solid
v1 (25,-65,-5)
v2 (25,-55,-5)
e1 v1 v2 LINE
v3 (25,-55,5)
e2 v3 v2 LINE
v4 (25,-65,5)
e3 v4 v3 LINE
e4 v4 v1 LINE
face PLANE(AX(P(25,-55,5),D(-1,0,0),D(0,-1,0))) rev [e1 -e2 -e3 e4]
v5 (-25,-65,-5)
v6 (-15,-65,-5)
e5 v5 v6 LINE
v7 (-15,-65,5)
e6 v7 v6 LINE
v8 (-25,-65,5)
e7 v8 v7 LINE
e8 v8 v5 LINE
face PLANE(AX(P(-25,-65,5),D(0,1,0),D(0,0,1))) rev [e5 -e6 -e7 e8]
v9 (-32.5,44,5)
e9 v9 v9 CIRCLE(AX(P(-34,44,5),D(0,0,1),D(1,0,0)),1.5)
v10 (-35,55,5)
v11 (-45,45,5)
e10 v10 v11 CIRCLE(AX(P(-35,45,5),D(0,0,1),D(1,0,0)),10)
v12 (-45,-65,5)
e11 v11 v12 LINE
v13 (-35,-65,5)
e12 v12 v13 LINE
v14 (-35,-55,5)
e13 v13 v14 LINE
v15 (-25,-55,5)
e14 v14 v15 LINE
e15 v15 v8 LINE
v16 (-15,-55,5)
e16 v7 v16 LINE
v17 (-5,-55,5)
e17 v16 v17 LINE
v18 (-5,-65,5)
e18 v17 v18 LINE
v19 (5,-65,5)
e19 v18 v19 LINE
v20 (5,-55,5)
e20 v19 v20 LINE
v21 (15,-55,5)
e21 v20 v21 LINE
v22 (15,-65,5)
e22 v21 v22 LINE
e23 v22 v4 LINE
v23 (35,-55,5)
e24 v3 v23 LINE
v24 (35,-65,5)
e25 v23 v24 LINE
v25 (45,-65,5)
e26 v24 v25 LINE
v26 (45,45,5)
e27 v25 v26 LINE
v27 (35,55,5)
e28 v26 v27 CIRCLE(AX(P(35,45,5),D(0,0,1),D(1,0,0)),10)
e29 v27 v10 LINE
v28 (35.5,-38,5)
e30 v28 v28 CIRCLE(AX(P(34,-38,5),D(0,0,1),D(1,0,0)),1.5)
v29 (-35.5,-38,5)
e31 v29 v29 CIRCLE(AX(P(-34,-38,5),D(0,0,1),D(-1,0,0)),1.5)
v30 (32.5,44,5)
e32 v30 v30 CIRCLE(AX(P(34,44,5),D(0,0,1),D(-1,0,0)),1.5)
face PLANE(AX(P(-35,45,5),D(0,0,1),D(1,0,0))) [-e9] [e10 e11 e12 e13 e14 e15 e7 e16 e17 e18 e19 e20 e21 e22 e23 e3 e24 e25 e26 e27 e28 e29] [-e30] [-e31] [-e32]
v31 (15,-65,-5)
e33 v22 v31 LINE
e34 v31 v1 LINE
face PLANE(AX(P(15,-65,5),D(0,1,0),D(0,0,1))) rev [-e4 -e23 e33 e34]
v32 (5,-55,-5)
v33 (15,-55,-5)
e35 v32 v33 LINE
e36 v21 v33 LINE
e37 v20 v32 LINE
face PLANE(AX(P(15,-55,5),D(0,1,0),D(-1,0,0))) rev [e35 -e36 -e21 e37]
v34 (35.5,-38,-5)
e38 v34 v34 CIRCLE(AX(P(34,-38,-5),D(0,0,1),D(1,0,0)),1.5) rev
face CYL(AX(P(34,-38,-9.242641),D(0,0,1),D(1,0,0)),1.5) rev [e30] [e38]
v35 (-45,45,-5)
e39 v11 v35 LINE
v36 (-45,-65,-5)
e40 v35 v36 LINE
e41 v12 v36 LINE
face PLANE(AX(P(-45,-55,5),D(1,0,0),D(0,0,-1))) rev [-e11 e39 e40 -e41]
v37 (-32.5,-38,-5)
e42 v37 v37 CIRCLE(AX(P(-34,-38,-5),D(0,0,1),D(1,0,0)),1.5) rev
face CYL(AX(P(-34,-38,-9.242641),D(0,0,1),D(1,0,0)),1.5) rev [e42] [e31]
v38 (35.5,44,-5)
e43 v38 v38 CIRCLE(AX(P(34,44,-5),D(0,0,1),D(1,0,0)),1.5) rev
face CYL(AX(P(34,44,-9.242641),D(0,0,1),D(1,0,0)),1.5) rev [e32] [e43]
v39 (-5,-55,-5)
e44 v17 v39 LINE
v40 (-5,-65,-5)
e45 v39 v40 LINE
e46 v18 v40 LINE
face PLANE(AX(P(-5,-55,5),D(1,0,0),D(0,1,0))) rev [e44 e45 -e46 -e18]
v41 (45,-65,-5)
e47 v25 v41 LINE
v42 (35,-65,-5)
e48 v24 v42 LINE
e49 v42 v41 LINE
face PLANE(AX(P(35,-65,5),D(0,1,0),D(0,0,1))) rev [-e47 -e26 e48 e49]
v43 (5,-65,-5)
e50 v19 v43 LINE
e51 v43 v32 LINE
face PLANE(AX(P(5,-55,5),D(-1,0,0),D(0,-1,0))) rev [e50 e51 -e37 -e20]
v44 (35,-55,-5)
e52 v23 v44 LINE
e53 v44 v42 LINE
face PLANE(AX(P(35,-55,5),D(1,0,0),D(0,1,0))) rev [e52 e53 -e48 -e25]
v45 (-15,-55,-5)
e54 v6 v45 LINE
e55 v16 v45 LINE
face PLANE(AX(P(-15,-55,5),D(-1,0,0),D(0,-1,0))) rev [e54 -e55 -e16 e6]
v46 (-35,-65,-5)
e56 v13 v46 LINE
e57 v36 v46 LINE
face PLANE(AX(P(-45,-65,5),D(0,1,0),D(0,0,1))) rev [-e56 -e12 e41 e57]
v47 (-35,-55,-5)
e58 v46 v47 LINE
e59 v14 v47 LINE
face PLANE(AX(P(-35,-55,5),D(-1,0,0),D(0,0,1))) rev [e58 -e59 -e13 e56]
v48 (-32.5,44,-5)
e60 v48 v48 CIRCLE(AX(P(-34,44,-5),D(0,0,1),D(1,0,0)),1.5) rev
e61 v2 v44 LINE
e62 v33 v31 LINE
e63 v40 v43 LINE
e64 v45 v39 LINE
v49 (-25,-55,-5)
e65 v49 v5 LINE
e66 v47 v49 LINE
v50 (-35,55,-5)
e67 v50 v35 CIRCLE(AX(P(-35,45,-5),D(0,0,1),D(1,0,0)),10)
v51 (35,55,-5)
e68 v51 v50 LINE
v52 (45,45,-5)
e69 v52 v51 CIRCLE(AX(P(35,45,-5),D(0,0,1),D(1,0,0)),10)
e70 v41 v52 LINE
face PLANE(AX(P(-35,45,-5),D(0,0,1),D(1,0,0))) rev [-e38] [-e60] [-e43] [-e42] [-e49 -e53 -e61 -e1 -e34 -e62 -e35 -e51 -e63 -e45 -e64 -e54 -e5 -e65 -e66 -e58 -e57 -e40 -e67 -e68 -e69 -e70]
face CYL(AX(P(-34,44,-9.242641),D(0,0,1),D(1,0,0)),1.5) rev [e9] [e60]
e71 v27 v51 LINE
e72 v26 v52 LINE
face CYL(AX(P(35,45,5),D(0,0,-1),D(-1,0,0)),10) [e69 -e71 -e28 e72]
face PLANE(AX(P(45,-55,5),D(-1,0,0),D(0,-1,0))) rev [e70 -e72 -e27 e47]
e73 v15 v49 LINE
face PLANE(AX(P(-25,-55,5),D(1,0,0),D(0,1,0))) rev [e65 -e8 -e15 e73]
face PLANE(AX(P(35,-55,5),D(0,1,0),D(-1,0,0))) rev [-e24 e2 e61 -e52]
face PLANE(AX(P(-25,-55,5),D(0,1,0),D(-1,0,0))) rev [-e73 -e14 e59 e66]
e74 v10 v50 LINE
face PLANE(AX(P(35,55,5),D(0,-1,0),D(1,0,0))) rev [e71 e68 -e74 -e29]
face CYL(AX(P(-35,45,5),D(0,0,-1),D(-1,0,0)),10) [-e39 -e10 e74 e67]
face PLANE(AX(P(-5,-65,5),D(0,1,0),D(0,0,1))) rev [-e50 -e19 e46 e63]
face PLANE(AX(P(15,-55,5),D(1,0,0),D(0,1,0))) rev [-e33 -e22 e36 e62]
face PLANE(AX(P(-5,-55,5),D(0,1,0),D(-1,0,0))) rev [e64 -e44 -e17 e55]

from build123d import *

# Parameters (mm, degrees)
EXTRUDE_2_DEPTH     = 5
SKETCH_3_R          = 1.5
CUT_EXTRUDE_1_DEPTH = 10


with BuildPart() as part:
    # Эскиз1 → Бобышка-Вытянуть2 (new, symmetric)
    with BuildSketch(Plane.XY):
        with BuildLine():
            Line((-15, -55), (-15, -65))
            Line((-15, -65), (-25, -65))
            Line((-25, -65), (-25, -55))
            Line((-25, -55), (-35, -55))
            Line((-35, -55), (-35, -65))
            Line((-35, -65), (-45, -65))
            Line((-45, -65), (-45, -55))
            Line((-45, -55), (-45, 45))
            ThreePointArc((-45, 45), (-42.071067812, 52.071067812), (-35, 55))
            Line((-35, 55), (35, 55))
            ThreePointArc((35, 55), (42.071067812, 52.071067812), (45, 45))
            Line((45, 45), (45, -55))
            Line((45, -55), (45, -65))
            Line((45, -65), (35, -65))
            Line((35, -65), (35, -55))
            Line((35, -55), (25, -55))
            Line((25, -55), (25, -65))
            Line((25, -65), (15, -65))
            Line((15, -65), (15, -55))
            Line((15, -55), (5, -55))
            Line((5, -55), (5, -65))
            Line((5, -65), (-5, -65))
            Line((-5, -65), (-5, -55))
            Line((-5, -55), (-15, -55))
        make_face()
    extrude(amount=EXTRUDE_2_DEPTH, both=True)

    # Эскиз3 → Вырез-Вытянуть1 (cut)
    with BuildSketch(Plane.XY.offset(5)):
        with Locations((-34, 44)):
            Circle(SKETCH_3_R)
        with Locations((34, 44)):
            Circle(SKETCH_3_R)
        with Locations((34, -38)):
            Circle(SKETCH_3_R)
        with Locations((-34, -38)):
            Circle(SKETCH_3_R)
    extrude(amount=-CUT_EXTRUDE_1_DEPTH, mode=Mode.SUBTRACT)


solid = part.part
